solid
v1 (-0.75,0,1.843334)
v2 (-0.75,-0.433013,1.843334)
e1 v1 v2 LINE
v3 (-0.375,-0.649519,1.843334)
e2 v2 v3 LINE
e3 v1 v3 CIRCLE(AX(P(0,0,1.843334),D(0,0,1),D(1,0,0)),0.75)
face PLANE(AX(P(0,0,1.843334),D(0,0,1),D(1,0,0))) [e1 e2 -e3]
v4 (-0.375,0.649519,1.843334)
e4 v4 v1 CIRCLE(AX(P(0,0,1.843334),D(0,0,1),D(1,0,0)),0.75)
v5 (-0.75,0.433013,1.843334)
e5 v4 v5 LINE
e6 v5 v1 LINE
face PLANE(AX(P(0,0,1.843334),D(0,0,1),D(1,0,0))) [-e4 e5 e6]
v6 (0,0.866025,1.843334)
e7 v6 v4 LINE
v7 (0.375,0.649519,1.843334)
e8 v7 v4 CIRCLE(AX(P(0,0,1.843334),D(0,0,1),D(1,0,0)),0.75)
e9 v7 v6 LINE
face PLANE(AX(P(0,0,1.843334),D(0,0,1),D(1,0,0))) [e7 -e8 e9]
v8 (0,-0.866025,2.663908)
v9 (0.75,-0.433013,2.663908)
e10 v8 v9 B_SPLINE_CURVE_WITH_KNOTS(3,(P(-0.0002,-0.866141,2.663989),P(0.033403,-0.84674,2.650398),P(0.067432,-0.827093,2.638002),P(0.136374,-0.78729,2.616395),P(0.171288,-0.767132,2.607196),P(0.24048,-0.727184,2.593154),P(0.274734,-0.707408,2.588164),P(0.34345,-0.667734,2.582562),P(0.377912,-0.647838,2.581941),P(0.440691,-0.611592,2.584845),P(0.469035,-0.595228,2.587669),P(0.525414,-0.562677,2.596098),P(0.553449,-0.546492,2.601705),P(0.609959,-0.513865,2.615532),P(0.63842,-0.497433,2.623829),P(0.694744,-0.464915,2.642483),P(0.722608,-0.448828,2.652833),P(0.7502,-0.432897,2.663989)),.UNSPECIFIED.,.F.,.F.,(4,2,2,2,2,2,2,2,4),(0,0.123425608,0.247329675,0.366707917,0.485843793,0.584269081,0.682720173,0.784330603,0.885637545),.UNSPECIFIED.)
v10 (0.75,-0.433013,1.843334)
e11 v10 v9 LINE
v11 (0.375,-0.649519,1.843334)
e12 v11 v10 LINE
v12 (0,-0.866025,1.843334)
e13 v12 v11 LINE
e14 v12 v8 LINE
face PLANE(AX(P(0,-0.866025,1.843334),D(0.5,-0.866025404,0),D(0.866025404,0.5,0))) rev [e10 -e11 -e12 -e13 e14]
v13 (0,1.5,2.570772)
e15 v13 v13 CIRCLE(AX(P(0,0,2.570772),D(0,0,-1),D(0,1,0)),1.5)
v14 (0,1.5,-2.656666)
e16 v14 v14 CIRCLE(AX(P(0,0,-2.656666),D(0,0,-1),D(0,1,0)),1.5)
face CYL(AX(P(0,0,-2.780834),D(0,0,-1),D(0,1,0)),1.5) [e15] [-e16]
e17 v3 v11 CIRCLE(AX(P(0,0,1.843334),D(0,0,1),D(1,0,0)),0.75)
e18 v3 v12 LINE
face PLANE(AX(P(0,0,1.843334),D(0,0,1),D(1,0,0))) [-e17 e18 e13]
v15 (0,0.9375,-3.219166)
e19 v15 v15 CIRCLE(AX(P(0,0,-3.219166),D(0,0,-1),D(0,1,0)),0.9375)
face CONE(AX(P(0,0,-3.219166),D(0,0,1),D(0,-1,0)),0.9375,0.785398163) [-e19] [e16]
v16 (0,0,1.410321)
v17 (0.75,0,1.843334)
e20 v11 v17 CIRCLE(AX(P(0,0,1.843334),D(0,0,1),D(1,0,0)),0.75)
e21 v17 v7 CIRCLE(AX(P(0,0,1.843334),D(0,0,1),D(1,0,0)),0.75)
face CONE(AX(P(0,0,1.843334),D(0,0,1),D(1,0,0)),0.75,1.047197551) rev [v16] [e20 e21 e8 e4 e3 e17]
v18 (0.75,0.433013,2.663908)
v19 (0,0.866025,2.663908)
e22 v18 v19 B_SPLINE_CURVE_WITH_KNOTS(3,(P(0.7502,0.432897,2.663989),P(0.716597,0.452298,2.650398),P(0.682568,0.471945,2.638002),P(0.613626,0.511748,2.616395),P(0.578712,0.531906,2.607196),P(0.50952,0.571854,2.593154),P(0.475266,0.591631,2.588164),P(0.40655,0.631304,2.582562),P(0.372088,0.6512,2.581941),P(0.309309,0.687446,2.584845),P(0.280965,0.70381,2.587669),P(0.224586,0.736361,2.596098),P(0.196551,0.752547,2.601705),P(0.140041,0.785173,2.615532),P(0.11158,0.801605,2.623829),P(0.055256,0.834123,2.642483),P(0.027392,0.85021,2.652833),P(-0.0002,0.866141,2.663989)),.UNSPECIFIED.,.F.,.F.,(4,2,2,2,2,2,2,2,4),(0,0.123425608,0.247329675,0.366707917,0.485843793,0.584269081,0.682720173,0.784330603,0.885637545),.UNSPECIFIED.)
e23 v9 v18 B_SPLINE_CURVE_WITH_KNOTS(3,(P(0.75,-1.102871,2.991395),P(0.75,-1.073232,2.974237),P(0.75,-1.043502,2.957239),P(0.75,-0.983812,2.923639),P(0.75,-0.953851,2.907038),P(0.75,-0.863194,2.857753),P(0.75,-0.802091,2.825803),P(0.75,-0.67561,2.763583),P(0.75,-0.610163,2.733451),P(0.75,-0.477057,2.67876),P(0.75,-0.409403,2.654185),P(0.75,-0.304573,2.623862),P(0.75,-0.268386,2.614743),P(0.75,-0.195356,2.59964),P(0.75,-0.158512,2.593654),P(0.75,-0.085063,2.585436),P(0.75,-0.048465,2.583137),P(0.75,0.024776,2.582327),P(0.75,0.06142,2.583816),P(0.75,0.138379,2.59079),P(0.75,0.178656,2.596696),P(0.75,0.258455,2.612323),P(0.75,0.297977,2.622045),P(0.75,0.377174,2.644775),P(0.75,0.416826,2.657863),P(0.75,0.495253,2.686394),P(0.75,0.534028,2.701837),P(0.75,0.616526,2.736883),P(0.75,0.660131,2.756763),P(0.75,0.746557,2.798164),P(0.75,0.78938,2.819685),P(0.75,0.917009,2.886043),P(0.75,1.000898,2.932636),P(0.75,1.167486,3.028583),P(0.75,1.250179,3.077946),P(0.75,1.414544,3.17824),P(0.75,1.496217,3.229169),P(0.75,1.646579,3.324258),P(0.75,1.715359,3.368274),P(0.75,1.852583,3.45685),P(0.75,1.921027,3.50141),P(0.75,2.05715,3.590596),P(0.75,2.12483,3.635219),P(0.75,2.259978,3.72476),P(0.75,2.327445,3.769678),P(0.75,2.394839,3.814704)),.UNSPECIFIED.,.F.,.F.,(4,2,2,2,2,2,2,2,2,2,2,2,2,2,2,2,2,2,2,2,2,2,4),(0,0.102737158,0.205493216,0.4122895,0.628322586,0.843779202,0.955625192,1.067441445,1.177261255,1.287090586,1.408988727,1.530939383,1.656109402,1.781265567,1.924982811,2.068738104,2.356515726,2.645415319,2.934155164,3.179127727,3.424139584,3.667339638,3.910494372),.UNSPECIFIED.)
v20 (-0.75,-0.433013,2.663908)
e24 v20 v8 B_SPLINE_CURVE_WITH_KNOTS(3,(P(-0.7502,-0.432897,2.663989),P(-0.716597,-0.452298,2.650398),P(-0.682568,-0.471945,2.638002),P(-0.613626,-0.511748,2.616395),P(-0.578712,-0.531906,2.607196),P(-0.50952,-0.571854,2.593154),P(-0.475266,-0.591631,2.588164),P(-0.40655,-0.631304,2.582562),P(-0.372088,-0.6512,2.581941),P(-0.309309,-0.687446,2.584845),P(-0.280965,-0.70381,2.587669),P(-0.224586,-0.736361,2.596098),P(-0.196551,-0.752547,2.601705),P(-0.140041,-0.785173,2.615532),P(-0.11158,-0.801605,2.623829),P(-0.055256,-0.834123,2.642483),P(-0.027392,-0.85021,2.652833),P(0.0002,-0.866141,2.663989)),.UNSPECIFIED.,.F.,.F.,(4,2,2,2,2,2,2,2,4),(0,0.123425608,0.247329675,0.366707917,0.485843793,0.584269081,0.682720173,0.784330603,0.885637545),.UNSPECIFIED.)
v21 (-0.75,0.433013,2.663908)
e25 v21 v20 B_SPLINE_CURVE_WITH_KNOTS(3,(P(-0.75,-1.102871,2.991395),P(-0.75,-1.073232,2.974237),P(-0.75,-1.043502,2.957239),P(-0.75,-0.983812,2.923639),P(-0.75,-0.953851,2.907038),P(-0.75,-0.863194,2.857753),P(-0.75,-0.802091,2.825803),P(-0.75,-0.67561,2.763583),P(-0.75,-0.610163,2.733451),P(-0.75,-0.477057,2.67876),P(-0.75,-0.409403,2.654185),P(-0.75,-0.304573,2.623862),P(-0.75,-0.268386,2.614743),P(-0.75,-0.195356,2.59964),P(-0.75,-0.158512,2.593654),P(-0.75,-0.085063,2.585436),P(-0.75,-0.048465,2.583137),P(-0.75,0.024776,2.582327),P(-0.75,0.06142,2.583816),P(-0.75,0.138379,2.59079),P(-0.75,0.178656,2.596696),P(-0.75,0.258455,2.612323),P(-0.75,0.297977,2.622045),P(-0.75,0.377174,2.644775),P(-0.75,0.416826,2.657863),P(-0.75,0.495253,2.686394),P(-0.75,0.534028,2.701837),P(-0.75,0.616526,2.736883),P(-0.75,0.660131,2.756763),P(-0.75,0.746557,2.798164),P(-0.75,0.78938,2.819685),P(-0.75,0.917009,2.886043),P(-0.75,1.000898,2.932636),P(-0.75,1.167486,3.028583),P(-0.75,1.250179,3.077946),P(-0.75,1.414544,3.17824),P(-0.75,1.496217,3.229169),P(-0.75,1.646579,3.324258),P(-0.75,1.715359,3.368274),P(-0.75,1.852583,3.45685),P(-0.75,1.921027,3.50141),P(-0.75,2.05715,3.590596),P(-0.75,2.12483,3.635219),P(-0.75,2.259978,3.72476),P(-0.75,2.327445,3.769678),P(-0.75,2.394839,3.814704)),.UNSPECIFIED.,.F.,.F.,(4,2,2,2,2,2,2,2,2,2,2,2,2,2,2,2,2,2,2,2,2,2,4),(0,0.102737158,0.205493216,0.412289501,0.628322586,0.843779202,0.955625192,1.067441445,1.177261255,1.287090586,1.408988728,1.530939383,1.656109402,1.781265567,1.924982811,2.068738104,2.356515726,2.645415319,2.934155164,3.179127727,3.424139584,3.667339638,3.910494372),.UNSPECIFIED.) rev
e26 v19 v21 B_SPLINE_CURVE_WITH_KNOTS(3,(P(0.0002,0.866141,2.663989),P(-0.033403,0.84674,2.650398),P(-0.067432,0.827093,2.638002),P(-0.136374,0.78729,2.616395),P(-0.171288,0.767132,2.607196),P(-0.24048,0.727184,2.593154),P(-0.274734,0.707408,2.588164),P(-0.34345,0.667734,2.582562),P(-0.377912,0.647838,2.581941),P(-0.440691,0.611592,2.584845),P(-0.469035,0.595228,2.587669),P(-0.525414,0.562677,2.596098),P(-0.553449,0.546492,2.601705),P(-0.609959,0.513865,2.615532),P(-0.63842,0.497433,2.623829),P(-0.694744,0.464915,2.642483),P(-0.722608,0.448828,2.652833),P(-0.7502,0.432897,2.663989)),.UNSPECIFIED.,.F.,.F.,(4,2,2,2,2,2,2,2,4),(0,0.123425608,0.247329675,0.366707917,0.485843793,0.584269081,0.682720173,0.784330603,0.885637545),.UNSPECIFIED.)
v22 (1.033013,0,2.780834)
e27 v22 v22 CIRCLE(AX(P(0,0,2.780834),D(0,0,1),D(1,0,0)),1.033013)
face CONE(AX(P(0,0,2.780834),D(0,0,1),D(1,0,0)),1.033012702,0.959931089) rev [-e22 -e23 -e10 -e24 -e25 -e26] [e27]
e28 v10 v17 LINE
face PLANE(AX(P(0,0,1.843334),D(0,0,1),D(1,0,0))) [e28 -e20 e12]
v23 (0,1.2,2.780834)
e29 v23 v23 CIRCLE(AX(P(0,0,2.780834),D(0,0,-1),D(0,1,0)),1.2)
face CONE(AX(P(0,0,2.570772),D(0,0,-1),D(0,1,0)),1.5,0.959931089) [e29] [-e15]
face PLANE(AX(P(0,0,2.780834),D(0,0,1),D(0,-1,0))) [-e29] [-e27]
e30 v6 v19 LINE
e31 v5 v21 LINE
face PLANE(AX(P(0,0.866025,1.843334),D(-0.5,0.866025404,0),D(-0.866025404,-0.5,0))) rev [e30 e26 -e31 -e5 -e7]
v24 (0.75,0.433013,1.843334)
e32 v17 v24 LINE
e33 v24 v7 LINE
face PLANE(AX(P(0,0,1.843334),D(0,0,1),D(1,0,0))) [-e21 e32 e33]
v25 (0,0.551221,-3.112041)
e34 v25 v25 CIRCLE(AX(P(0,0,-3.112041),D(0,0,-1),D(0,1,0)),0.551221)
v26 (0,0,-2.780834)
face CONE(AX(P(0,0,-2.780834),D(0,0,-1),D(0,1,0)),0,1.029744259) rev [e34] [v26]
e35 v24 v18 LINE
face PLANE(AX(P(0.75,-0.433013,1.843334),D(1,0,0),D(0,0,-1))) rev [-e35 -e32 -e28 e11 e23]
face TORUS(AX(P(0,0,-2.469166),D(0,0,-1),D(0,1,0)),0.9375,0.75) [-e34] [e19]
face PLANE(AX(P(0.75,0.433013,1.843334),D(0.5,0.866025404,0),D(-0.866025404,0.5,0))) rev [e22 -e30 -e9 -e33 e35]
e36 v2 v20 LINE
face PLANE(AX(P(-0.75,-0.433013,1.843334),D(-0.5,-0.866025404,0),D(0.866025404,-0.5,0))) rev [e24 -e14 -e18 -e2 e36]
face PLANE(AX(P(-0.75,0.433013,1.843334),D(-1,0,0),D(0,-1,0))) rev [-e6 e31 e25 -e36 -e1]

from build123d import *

# Parameters (mm, degrees)
CUT_EXTRUDE3_DEPTH = 0.9375


with BuildPart() as part:
    # Sketch4 → Revolve1 (revolve)
    with BuildSketch(Plane(origin=(0, 0, 0), x_dir=(0, 0, -1), z_dir=(1, 0, 0))):
        with BuildLine():
            Line((2.780834109, 0), (3.112041367, 0.551221444))
            ThreePointArc((3.112041367, 0.551221444), (3.191888731, 0.737071218), (3.219165891, 0.9375))
            Line((3.219165891, 0.9375), (2.656665891, 1.5))
            Line((2.656665891, 1.5), (-2.570771847, 1.5))
            Line((-2.570771847, 1.5), (-2.780834109, 1.2))
            Line((-2.780834109, 1.2), (-2.780834109, 0))
            Line((-2.780834109, 0), (2.780834109, 0))
        make_face()
    revolve(axis=Axis((0, 0, -2.780834109), (0, 0, 1)))

    # Sketch6 → Cut-Extrude3 (cut)
    with BuildSketch(Plane.XY.offset(2.780834109)):
        Polygon((0.75, 0.433012702), (0, 0.866025404), (-0.75, 0.433012702), (-0.75, -0.433012702), (0, -0.866025404), (0.75, -0.433012702), align=None)
    extrude(amount=-CUT_EXTRUDE3_DEPTH, mode=Mode.SUBTRACT)

    # Cut-Extrude4 cone 1 section (through the dimple's axis) → Cut-Extrude4 (revolve, cut)
    with BuildSketch(Plane(origin=(0, 0, 2.780834109), x_dir=(0, -1, 0), z_dir=(1, 0, 0))):
        Polygon((0, 0), (1.033012702, 0), (0, 0.723323281), align=None)
    revolve(axis=Axis((0, 0, 2.780834109), (0, 0, -1)), mode=Mode.SUBTRACT)

    # Cut-Extrude5 cone 1 section (through the dimple's axis) → Cut-Extrude5 (revolve, cut)
    with BuildSketch(Plane(origin=(0, 0, 1.843334109), x_dir=(0, -1, 0), z_dir=(1, 0, 0))):
        Polygon((0, 0), (0.75, 0), (0, 0.433012702), align=None)
    revolve(axis=Axis((0, 0, 1.843334109), (0, 0, -1)), mode=Mode.SUBTRACT)


solid = part.part
